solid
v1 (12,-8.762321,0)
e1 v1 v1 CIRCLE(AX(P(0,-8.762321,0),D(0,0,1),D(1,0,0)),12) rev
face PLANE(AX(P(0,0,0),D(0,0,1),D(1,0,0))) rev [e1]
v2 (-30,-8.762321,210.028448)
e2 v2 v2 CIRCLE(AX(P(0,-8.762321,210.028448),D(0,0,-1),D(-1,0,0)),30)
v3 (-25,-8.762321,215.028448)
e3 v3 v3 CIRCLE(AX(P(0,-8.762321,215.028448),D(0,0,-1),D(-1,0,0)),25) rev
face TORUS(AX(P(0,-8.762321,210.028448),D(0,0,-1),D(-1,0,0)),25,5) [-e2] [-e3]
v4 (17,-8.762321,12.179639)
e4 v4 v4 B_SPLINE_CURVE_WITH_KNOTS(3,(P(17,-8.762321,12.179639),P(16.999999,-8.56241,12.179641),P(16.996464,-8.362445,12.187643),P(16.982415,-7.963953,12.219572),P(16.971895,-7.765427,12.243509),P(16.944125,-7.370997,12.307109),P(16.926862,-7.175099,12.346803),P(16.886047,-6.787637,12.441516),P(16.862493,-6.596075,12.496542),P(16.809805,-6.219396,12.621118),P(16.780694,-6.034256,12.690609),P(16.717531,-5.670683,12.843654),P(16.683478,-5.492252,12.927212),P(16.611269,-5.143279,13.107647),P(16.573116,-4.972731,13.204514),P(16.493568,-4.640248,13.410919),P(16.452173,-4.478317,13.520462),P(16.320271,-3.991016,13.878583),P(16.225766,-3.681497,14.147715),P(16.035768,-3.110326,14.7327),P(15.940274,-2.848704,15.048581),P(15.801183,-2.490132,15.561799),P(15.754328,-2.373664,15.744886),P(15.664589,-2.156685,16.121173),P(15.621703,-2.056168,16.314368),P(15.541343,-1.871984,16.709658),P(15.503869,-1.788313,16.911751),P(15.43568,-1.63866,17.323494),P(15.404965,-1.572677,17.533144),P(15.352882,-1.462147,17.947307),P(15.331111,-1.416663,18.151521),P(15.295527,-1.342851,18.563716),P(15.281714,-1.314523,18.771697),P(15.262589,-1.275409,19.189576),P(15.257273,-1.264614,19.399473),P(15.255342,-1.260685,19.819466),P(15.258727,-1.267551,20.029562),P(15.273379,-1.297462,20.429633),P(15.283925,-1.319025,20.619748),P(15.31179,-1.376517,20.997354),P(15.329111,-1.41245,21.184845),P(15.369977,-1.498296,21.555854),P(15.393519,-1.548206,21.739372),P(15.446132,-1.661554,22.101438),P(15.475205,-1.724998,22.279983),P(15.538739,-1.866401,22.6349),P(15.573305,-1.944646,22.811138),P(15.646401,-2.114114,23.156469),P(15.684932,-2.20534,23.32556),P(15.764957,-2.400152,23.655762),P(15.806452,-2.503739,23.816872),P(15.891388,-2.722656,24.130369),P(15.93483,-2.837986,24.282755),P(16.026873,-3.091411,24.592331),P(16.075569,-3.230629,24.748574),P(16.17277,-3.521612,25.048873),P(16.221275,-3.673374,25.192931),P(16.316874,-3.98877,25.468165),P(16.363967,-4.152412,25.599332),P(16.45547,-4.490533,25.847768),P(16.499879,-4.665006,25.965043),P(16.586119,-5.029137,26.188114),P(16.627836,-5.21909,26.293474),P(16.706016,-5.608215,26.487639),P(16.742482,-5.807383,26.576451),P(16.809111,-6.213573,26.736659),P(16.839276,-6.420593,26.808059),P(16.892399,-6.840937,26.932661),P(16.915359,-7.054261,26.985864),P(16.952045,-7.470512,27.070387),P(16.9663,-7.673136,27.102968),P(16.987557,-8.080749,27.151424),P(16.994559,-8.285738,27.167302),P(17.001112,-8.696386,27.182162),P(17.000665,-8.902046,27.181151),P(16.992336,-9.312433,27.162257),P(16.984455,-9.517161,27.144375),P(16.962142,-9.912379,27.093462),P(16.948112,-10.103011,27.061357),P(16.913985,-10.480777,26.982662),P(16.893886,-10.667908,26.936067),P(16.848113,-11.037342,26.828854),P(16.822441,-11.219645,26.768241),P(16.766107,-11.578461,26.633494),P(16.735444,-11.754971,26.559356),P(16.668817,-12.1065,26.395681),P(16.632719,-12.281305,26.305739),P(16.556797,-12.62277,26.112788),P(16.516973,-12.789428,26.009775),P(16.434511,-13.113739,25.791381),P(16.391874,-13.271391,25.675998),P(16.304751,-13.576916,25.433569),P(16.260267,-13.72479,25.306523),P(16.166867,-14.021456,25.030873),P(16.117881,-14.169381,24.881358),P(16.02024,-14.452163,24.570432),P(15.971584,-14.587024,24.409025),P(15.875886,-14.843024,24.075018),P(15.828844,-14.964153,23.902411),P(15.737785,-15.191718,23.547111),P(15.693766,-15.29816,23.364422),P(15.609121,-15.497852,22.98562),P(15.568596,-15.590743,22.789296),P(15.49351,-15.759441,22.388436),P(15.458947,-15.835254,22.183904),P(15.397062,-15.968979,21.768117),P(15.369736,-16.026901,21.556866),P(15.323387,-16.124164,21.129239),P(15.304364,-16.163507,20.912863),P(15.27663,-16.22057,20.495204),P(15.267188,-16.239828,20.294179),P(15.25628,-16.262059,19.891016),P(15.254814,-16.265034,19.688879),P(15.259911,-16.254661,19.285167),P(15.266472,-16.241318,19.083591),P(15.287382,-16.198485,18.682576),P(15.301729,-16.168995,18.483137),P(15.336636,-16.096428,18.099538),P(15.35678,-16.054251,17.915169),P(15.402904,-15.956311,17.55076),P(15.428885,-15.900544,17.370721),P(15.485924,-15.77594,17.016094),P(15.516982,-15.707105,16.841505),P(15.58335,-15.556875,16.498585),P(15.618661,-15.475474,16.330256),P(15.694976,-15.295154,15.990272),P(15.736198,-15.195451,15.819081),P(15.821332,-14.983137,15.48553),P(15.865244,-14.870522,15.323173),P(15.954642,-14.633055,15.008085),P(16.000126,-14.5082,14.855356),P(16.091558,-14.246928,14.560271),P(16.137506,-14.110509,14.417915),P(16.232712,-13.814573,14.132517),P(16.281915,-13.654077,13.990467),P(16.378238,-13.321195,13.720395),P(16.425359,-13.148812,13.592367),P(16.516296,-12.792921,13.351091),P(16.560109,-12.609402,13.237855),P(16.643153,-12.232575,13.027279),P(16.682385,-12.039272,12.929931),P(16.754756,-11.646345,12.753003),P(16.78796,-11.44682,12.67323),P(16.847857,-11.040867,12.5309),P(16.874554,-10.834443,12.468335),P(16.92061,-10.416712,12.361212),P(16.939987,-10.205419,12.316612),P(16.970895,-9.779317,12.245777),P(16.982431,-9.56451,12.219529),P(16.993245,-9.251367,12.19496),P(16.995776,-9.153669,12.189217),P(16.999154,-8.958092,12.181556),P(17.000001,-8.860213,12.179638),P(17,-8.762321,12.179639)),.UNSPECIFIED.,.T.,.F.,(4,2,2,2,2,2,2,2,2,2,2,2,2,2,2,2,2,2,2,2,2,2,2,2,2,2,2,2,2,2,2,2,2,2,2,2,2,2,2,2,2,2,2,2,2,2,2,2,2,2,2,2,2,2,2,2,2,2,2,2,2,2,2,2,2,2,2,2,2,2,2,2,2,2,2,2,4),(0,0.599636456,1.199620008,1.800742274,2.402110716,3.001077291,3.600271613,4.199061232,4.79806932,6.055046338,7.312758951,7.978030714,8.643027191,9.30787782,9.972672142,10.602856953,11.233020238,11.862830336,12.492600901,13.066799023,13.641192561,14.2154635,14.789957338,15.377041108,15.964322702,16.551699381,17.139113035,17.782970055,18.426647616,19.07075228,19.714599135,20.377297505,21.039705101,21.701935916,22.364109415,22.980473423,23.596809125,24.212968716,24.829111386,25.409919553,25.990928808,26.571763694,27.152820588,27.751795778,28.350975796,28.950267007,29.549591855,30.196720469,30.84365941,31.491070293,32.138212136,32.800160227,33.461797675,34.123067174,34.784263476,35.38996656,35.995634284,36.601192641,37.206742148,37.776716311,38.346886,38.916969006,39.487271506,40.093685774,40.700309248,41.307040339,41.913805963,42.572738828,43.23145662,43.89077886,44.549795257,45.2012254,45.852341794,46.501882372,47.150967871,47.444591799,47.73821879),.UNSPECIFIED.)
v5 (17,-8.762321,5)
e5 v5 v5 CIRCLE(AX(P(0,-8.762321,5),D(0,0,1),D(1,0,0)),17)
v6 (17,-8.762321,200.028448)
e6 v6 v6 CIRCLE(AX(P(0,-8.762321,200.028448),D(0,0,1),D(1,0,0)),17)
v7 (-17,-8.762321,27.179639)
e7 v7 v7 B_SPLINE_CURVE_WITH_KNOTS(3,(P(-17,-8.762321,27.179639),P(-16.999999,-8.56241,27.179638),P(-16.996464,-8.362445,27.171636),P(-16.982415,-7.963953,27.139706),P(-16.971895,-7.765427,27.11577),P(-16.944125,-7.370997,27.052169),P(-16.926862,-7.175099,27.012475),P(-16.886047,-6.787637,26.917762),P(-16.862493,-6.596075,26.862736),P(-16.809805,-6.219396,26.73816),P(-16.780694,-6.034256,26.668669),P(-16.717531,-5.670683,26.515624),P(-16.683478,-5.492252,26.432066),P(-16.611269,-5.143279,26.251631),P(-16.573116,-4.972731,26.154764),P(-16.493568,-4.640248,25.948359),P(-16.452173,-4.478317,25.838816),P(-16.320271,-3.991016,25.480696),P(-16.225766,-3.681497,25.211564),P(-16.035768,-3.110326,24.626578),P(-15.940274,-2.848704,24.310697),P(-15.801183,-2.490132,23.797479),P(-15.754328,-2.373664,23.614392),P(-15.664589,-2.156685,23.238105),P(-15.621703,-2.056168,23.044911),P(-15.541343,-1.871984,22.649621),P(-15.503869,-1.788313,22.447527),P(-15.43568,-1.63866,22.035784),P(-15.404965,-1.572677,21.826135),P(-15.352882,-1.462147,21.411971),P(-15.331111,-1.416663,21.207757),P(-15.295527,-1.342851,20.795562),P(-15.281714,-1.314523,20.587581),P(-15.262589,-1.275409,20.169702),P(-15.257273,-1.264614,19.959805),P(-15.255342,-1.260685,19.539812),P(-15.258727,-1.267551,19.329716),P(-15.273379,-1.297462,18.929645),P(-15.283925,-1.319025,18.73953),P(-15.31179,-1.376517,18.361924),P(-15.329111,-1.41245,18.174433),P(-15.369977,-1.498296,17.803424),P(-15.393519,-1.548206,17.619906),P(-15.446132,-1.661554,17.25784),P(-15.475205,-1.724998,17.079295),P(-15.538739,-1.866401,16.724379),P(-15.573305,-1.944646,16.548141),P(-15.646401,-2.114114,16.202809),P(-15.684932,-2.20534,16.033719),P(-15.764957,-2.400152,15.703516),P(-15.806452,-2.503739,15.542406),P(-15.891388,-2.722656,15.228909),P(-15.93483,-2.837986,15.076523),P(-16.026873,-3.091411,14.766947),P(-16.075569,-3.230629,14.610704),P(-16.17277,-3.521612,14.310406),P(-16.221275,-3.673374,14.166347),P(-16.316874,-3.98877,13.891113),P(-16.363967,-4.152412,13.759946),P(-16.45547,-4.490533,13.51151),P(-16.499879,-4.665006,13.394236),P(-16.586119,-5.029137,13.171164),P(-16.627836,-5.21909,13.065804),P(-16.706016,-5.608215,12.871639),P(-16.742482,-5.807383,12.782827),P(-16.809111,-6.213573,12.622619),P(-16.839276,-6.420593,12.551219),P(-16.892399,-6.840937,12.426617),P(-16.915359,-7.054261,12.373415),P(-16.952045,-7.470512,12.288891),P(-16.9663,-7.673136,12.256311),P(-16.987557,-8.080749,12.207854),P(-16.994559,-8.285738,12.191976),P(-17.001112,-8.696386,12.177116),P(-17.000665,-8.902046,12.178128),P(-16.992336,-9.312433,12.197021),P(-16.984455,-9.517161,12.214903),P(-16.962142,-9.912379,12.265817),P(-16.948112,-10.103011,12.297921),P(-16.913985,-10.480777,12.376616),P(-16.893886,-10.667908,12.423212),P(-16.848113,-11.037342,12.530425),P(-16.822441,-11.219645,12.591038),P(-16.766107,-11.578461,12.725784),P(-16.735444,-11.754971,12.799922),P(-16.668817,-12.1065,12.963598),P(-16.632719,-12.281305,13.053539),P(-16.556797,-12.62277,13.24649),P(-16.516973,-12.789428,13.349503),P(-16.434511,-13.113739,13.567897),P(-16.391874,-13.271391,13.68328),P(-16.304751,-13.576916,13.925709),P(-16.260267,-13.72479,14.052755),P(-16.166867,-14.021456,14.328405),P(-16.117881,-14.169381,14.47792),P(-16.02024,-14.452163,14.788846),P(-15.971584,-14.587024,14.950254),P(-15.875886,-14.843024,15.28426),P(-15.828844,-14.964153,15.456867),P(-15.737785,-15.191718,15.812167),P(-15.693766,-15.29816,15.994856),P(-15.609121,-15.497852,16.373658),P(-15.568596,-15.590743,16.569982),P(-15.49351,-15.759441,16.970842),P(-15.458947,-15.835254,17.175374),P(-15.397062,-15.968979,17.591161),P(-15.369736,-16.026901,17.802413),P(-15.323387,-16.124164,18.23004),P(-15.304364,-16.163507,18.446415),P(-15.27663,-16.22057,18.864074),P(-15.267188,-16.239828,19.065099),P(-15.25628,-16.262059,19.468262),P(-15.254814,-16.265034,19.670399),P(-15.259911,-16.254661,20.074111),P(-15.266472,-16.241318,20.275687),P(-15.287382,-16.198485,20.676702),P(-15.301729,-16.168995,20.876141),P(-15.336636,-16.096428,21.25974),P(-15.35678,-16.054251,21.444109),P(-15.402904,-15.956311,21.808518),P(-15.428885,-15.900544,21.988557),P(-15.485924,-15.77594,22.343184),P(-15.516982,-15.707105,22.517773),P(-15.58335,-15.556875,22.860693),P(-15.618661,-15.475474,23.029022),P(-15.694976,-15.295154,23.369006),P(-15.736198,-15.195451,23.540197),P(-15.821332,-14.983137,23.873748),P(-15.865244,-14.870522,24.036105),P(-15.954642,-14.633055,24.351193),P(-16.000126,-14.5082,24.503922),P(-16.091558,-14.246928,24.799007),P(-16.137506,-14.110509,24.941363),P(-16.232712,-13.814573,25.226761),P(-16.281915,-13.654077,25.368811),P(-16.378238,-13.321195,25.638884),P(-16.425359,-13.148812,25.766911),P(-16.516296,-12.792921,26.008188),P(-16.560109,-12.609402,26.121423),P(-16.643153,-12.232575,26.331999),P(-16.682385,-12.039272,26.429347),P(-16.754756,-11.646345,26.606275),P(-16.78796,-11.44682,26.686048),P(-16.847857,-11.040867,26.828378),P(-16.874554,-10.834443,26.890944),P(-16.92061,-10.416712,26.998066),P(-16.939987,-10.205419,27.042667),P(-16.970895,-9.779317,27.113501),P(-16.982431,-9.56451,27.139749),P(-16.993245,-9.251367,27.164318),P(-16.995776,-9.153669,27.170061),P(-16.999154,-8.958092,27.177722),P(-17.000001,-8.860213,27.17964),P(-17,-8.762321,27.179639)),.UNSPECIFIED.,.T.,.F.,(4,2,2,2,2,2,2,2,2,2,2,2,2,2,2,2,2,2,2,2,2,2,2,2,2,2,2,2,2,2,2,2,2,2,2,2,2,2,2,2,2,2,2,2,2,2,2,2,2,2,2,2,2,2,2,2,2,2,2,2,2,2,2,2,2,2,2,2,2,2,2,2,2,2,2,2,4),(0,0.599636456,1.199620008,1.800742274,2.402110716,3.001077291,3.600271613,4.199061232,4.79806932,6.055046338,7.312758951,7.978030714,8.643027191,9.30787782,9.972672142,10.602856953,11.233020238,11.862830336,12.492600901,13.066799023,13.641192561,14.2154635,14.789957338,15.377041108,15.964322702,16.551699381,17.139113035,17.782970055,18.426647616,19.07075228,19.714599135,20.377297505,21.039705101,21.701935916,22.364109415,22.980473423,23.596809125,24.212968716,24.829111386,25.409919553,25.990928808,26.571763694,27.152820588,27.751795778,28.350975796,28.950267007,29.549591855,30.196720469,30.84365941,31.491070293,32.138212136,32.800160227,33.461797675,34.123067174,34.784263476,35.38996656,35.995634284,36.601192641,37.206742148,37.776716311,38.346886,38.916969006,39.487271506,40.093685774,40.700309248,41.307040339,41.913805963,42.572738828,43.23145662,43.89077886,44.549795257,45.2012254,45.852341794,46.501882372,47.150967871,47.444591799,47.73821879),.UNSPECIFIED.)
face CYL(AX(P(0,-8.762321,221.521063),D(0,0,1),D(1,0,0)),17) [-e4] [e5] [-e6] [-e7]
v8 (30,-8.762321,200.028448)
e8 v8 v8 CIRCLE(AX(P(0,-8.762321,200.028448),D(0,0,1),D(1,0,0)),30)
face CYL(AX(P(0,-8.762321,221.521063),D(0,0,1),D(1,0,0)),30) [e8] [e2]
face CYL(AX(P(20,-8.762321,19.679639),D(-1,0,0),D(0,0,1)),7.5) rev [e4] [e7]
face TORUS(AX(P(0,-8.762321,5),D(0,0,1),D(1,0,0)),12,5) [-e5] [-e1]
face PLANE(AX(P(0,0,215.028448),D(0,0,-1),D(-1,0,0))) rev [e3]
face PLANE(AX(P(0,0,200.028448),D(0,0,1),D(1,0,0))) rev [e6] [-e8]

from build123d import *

# Parameters (mm, degrees)
FILLET2_R               = 5
FILLET3_R               = 5
CUT_EXTRUDE1_DEPTH      = 20
CUT_EXTRUDE1_DEPTH_BACK = 20
SKETCH5_R               = 7.5


with BuildPart() as part:
    # Sketch4 → Revolve1 (revolve)
    with BuildSketch(Plane(origin=(0, 0, 0), x_dir=(0, 0, -1), z_dir=(1, 0, 0))):
        Polygon((-215.028448312, -8.762321339), (0, -8.762321339), (0, 8.237678661), (-200.028448312, 8.237678661), (-200.028448312, 21.237678661), (-215.028448312, 21.237678661), align=None)
    revolve(axis=Axis((0, -8.762321339, 221.52106333), (0, 0, -1)))

    # Fillet2
    fillet2_edges = [part.edges().sort_by_distance(p)[0] for p in [
        (0, -25.762321339, 0),
    ]]
    fillet(fillet2_edges, radius=FILLET2_R)

    # Fillet3
    fillet3_edges = [part.edges().sort_by_distance(p)[0] for p in [
        (0, -38.762321339, 215.028448312),
    ]]
    fillet(fillet3_edges, radius=FILLET3_R)

    # Sketch5 → Cut-Extrude1 (cut, two sides: drawn at the far end of the back side and taken through both)
    with BuildSketch(Plane(origin=(0, 0, 0), x_dir=(0, 0, -1), z_dir=(1, 0, 0)).offset(-CUT_EXTRUDE1_DEPTH_BACK)):
        with Locations((-19.67963909, -8.762321339)):
            Circle(SKETCH5_R)
    extrude(amount=CUT_EXTRUDE1_DEPTH + CUT_EXTRUDE1_DEPTH_BACK, mode=Mode.SUBTRACT)


solid = part.part
